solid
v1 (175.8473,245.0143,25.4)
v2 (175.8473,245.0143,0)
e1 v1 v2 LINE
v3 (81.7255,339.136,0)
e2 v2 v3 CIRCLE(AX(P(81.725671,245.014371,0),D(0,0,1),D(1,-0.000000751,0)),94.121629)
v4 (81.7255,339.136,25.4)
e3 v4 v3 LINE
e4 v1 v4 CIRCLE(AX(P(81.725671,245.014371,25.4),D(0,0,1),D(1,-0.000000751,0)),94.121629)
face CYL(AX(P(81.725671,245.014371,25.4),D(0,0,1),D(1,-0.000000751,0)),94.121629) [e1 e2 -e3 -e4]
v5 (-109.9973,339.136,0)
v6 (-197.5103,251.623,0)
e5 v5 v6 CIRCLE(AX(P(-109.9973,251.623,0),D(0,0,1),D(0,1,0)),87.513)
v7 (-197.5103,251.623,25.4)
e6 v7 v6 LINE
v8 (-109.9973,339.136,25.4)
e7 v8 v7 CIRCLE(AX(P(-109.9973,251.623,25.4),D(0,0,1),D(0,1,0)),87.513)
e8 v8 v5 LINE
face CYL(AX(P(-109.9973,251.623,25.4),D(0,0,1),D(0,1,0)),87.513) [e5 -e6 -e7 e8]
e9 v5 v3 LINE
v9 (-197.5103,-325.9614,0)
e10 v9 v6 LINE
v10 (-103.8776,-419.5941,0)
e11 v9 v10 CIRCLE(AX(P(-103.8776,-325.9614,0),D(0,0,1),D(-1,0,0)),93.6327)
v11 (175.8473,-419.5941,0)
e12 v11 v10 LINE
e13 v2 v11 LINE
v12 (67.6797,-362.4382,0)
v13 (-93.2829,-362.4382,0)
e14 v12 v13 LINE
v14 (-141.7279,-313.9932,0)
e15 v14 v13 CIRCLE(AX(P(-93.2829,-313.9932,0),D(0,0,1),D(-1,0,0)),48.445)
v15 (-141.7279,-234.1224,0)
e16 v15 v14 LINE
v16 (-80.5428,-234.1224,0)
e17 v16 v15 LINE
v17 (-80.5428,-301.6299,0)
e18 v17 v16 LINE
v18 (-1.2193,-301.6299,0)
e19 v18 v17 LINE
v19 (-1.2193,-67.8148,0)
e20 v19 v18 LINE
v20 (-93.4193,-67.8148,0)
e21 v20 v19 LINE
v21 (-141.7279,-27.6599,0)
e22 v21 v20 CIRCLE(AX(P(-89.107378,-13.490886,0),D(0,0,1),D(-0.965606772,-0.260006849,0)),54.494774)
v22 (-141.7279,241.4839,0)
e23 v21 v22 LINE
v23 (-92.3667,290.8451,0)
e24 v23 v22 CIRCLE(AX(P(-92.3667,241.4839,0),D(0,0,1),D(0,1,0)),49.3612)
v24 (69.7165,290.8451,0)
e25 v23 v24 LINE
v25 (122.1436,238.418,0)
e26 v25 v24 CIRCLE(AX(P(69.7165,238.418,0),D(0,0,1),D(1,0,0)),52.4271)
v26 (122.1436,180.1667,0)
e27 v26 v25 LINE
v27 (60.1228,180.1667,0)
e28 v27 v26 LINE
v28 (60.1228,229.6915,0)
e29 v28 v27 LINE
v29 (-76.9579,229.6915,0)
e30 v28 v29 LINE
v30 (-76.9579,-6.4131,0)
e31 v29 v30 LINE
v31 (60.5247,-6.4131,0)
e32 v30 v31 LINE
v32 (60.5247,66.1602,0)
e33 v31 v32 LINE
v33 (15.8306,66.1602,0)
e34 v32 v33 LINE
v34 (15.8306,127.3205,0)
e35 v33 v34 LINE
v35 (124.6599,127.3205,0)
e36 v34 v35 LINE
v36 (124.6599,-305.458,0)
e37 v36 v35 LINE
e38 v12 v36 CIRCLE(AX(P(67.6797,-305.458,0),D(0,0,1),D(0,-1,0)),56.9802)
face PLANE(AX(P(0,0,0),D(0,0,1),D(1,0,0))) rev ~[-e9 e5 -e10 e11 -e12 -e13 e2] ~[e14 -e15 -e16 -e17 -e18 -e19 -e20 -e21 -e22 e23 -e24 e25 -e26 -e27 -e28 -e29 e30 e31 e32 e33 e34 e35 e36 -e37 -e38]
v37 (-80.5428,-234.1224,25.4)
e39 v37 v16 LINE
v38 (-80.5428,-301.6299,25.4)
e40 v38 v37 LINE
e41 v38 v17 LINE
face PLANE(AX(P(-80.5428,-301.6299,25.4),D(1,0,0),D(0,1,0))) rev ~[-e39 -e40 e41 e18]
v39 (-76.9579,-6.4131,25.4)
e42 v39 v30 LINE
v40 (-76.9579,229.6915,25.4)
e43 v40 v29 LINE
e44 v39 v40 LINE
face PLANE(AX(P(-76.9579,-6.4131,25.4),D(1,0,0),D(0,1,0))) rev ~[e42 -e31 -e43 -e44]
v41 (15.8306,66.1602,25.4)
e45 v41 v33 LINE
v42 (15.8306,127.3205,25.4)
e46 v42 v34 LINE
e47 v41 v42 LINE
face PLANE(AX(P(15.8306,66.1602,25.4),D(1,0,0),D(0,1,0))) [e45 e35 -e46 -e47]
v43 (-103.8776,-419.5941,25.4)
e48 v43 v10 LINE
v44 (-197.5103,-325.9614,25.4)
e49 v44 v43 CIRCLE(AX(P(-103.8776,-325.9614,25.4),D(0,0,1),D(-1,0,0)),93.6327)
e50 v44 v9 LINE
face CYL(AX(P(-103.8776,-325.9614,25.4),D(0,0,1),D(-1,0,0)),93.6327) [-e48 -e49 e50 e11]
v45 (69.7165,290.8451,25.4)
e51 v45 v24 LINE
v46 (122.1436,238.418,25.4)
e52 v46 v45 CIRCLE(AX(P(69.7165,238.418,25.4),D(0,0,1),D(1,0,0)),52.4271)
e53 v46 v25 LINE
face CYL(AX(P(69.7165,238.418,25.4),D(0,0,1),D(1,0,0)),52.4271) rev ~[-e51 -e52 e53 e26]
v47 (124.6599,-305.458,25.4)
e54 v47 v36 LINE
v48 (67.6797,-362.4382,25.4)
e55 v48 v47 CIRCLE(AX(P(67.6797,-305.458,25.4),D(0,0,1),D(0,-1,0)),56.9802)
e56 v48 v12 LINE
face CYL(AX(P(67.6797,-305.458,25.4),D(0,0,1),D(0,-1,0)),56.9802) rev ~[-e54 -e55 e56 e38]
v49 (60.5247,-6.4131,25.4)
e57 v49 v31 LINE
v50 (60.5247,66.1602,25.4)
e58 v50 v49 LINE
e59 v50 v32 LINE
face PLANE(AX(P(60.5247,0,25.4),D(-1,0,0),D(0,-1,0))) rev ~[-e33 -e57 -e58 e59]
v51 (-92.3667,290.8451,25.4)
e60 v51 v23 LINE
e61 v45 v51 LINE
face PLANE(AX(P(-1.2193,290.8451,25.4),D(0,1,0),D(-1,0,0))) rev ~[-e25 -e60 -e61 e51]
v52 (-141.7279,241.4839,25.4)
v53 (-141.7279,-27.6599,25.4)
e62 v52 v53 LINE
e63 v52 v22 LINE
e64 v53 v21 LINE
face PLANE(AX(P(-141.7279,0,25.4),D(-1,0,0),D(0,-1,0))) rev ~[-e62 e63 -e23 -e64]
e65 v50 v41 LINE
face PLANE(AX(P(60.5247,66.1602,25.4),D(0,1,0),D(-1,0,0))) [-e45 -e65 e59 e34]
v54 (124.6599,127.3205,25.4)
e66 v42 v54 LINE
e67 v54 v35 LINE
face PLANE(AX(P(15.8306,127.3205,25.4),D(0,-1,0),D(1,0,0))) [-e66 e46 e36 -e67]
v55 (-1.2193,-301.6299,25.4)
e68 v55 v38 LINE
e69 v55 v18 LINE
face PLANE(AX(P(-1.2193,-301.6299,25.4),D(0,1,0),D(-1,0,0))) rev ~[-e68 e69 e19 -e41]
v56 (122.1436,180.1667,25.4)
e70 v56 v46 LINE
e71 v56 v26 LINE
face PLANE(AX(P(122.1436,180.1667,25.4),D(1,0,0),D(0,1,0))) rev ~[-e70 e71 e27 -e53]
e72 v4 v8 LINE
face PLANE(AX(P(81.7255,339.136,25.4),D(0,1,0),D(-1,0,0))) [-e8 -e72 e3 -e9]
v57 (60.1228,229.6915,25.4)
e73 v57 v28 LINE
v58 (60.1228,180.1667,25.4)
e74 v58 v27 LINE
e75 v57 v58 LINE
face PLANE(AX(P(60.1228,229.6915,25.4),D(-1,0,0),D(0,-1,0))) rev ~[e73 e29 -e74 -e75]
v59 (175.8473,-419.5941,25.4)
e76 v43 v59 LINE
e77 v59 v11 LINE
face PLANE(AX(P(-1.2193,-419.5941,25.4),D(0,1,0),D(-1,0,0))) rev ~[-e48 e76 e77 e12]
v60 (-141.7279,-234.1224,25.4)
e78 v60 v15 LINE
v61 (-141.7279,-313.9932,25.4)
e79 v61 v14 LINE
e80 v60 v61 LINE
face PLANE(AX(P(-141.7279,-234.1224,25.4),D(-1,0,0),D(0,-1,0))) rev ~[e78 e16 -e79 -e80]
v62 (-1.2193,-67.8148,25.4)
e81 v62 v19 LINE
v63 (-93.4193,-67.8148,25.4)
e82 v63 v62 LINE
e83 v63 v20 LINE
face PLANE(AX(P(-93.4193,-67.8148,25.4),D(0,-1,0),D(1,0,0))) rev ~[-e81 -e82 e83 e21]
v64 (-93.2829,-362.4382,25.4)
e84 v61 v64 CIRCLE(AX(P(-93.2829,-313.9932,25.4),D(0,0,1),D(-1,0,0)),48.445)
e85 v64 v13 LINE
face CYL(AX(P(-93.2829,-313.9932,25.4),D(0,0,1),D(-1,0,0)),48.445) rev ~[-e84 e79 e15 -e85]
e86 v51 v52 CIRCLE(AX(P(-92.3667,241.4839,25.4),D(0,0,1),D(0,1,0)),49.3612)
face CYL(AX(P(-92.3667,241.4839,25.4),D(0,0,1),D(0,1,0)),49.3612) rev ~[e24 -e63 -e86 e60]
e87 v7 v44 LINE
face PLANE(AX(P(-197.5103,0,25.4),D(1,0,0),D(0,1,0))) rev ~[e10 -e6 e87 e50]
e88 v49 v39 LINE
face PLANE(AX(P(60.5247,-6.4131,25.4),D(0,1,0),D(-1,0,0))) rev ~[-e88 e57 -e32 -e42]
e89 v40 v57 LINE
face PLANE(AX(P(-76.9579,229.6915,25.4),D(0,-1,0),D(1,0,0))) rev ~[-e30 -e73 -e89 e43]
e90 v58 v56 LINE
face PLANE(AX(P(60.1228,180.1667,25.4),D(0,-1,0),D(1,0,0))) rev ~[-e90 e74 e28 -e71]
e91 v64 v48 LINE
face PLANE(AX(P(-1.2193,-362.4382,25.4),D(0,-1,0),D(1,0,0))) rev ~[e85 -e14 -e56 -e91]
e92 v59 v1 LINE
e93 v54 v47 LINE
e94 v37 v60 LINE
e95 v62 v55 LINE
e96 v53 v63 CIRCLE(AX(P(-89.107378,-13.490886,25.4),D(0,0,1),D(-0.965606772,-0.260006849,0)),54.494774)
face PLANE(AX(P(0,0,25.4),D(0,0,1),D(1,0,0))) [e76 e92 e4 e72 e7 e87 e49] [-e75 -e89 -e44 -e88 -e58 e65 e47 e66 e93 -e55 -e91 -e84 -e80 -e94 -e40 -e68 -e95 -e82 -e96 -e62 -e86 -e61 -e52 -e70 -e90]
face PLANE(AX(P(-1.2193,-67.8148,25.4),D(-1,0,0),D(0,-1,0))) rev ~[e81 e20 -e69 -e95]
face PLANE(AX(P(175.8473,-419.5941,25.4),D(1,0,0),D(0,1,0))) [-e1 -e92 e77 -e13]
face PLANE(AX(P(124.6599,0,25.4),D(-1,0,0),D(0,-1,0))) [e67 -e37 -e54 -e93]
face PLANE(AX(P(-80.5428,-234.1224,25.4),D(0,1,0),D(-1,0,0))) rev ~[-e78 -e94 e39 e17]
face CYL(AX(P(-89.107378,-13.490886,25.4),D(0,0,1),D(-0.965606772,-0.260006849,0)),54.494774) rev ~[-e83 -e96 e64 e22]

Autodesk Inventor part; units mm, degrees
ref_plane "YZ Plane" through (0, 0, 0) normal (1, 0, 0) x (0, 1, 0)
ref_plane "XZ Plane" through (0, 0, 0) normal (0, 1, 0) x (-1, 0, 0)
ref_plane "XY Plane" through (0, 0, 0) normal (0, 0, 1) x (1, 0, 0)
sketch "Sketch1" plane through (0, 0, 0) normal (0, 0, 1) x (1, 0, 0)
  line L0 (381, -495.3) -> (-381, -495.3)
  line L1 (-381, -495.3) -> (-381, 495.3)
  line L2 (-381, 495.3) -> (381, 495.3)
  line L3 (381, 495.3) -> (381, -495.3)
  line L4 (381, -495.3) -> (-381, 495.3) construction
  line L5 (-381, -495.3) -> (381, 495.3) construction
  point P0 (0, 0)
  dimension "d0" = 762
  dimension "d1" = 990.6
extrude "Extrusion1" add sketch "Sketch1" along normal blind 25.4
sketch "Sketch2" plane through (0, 0, 25.4) normal (0, 0, 1) x (1, 0, 0)
  line L0 (-226.9738, 447.9746) -> (224.5353, 447.9746) construction
  line L1 (224.5353, 447.9746) -> (224.5353, -428.4841) construction
  line L2 (224.5353, -428.4841) -> (-226.9738, -428.4841) construction
  line L3 (-226.9738, -428.4841) -> (-226.9738, 447.9746) construction
  line L4 (175.8473, -419.5941) -> (175.8473, 245.0143)
  arc A0 (175.8473, 245.0143) -> (81.7255, 339.136) centre (81.7255, 245.0143) ccw
  line L5 (-226.9738, 0) -> (224.5353, 0)
  line L6 (81.7255, 339.136) -> (-0.7651, 339.136)
  line L7 (-1.2193, 447.9746) -> (-1.2193, -428.4841)
  line L8 (-0.7651, 339.136) -> (-109.9973, 339.136)
  line L9 (-197.5103, -325.9614) -> (-197.5103, 251.623)
  arc A1 (-109.9973, 339.136) -> (-197.5103, 251.623) centre (-109.9973, 251.623) ccw
  line L10 (175.8473, -419.5941) -> (-103.8776, -419.5941)
  arc A2 (-197.5103, -325.9614) -> (-103.8776, -419.5941) centre (-103.8776, -325.9614) ccw
  line L11 (60.5247, 66.1602) -> (15.8306, 66.1602)
  line L12 (15.8306, 66.1602) -> (15.8306, 127.3205)
  line L13 (15.8306, 127.3205) -> (124.6599, 127.3205)
  line L14 (124.6599, 127.3205) -> (124.6599, -305.458)
  line L15 (60.5247, 66.1602) -> (60.5247, -6.4131)
  line L16 (60.5247, -6.4131) -> (-76.9579, -6.4131)
  line L17 (-76.9579, -6.4131) -> (-76.9579, 229.6915)
  line L18 (-76.9579, 229.6915) -> (60.1228, 229.6915)
  line L19 (60.1228, 229.6915) -> (60.1228, 180.1667)
  line L20 (60.1228, 180.1667) -> (122.1436, 180.1667)
  line L21 (122.1436, 180.1667) -> (122.1436, 238.418)
  arc A3 (122.1436, 238.418) -> (69.7165, 290.8451) centre (69.7165, 238.418) ccw
  line L22 (69.7165, 290.8451) -> (-92.3667, 290.8451)
  arc A4 (-92.3667, 290.8451) -> (-141.7279, 241.4839) centre (-92.3667, 241.4839) ccw
  line L23 (-141.7279, 241.4839) -> (-141.7279, -27.6599)
  arc A5 (-141.7279, -27.6599) -> (-93.4193, -67.8148) centre (-89.1074, -13.4909) ccw
  line L24 (-93.4193, -67.8148) -> (58.494, -67.8148)
  line L25 (58.494, -67.8148) -> (58.494, -301.6299)
  line L26 (58.494, -301.6299) -> (-80.5428, -301.6299)
  line L27 (-80.5428, -301.6299) -> (-80.5428, -234.1224)
  line L28 (-80.5428, -234.1224) -> (-141.7279, -234.1224)
  line L29 (-141.7279, -234.1224) -> (-141.7279, -313.9932)
  arc A6 (-141.7279, -313.9932) -> (-93.2829, -362.4382) centre (-93.2829, -313.9932) ccw
  line L30 (-93.2829, -362.4382) -> (67.6797, -362.4382)
  arc A7 (67.6797, -362.4382) -> (124.6599, -305.458) centre (67.6797, -305.458) ccw
  line L31 (-141.7279, 241.4839) -> (-141.7279, 241.4839)
  line L32 (-381, 495.3) -> (-381, -495.3) projected
  line L33 (381, 495.3) -> (-381, 495.3) projected
  line L34 (381, -495.3) -> (381, 495.3) projected
  line L35 (-381, -495.3) -> (381, -495.3) projected
  point P0 (0, 0)
  point P1 (-1.2193, -67.8148)
  point P2 (-1.2193, -301.6299)
  dimension "d13" = 8.89
  dimension "d31" = 64.77
  dimension "d32" = 61.1536
extrude "Extrusion2" cut sketch "Sketch2" against normal up to surface (25.4 mm away) contours L14 A7 L30 L7 L26 L25 L24 L16 L15 L5 | L5 L15 L11 L12 L13 L14 | L30 A6 L29 L28 L27 L26 L7 | L7 L24 L25 L26 | L24 A5 L23 L5 L17 L16 L7 | L5 L23 A4 L22 L7 L18 L17 | L7 L22 A3 L21 L20 L19 L18 | L33 L34 L35 L32
